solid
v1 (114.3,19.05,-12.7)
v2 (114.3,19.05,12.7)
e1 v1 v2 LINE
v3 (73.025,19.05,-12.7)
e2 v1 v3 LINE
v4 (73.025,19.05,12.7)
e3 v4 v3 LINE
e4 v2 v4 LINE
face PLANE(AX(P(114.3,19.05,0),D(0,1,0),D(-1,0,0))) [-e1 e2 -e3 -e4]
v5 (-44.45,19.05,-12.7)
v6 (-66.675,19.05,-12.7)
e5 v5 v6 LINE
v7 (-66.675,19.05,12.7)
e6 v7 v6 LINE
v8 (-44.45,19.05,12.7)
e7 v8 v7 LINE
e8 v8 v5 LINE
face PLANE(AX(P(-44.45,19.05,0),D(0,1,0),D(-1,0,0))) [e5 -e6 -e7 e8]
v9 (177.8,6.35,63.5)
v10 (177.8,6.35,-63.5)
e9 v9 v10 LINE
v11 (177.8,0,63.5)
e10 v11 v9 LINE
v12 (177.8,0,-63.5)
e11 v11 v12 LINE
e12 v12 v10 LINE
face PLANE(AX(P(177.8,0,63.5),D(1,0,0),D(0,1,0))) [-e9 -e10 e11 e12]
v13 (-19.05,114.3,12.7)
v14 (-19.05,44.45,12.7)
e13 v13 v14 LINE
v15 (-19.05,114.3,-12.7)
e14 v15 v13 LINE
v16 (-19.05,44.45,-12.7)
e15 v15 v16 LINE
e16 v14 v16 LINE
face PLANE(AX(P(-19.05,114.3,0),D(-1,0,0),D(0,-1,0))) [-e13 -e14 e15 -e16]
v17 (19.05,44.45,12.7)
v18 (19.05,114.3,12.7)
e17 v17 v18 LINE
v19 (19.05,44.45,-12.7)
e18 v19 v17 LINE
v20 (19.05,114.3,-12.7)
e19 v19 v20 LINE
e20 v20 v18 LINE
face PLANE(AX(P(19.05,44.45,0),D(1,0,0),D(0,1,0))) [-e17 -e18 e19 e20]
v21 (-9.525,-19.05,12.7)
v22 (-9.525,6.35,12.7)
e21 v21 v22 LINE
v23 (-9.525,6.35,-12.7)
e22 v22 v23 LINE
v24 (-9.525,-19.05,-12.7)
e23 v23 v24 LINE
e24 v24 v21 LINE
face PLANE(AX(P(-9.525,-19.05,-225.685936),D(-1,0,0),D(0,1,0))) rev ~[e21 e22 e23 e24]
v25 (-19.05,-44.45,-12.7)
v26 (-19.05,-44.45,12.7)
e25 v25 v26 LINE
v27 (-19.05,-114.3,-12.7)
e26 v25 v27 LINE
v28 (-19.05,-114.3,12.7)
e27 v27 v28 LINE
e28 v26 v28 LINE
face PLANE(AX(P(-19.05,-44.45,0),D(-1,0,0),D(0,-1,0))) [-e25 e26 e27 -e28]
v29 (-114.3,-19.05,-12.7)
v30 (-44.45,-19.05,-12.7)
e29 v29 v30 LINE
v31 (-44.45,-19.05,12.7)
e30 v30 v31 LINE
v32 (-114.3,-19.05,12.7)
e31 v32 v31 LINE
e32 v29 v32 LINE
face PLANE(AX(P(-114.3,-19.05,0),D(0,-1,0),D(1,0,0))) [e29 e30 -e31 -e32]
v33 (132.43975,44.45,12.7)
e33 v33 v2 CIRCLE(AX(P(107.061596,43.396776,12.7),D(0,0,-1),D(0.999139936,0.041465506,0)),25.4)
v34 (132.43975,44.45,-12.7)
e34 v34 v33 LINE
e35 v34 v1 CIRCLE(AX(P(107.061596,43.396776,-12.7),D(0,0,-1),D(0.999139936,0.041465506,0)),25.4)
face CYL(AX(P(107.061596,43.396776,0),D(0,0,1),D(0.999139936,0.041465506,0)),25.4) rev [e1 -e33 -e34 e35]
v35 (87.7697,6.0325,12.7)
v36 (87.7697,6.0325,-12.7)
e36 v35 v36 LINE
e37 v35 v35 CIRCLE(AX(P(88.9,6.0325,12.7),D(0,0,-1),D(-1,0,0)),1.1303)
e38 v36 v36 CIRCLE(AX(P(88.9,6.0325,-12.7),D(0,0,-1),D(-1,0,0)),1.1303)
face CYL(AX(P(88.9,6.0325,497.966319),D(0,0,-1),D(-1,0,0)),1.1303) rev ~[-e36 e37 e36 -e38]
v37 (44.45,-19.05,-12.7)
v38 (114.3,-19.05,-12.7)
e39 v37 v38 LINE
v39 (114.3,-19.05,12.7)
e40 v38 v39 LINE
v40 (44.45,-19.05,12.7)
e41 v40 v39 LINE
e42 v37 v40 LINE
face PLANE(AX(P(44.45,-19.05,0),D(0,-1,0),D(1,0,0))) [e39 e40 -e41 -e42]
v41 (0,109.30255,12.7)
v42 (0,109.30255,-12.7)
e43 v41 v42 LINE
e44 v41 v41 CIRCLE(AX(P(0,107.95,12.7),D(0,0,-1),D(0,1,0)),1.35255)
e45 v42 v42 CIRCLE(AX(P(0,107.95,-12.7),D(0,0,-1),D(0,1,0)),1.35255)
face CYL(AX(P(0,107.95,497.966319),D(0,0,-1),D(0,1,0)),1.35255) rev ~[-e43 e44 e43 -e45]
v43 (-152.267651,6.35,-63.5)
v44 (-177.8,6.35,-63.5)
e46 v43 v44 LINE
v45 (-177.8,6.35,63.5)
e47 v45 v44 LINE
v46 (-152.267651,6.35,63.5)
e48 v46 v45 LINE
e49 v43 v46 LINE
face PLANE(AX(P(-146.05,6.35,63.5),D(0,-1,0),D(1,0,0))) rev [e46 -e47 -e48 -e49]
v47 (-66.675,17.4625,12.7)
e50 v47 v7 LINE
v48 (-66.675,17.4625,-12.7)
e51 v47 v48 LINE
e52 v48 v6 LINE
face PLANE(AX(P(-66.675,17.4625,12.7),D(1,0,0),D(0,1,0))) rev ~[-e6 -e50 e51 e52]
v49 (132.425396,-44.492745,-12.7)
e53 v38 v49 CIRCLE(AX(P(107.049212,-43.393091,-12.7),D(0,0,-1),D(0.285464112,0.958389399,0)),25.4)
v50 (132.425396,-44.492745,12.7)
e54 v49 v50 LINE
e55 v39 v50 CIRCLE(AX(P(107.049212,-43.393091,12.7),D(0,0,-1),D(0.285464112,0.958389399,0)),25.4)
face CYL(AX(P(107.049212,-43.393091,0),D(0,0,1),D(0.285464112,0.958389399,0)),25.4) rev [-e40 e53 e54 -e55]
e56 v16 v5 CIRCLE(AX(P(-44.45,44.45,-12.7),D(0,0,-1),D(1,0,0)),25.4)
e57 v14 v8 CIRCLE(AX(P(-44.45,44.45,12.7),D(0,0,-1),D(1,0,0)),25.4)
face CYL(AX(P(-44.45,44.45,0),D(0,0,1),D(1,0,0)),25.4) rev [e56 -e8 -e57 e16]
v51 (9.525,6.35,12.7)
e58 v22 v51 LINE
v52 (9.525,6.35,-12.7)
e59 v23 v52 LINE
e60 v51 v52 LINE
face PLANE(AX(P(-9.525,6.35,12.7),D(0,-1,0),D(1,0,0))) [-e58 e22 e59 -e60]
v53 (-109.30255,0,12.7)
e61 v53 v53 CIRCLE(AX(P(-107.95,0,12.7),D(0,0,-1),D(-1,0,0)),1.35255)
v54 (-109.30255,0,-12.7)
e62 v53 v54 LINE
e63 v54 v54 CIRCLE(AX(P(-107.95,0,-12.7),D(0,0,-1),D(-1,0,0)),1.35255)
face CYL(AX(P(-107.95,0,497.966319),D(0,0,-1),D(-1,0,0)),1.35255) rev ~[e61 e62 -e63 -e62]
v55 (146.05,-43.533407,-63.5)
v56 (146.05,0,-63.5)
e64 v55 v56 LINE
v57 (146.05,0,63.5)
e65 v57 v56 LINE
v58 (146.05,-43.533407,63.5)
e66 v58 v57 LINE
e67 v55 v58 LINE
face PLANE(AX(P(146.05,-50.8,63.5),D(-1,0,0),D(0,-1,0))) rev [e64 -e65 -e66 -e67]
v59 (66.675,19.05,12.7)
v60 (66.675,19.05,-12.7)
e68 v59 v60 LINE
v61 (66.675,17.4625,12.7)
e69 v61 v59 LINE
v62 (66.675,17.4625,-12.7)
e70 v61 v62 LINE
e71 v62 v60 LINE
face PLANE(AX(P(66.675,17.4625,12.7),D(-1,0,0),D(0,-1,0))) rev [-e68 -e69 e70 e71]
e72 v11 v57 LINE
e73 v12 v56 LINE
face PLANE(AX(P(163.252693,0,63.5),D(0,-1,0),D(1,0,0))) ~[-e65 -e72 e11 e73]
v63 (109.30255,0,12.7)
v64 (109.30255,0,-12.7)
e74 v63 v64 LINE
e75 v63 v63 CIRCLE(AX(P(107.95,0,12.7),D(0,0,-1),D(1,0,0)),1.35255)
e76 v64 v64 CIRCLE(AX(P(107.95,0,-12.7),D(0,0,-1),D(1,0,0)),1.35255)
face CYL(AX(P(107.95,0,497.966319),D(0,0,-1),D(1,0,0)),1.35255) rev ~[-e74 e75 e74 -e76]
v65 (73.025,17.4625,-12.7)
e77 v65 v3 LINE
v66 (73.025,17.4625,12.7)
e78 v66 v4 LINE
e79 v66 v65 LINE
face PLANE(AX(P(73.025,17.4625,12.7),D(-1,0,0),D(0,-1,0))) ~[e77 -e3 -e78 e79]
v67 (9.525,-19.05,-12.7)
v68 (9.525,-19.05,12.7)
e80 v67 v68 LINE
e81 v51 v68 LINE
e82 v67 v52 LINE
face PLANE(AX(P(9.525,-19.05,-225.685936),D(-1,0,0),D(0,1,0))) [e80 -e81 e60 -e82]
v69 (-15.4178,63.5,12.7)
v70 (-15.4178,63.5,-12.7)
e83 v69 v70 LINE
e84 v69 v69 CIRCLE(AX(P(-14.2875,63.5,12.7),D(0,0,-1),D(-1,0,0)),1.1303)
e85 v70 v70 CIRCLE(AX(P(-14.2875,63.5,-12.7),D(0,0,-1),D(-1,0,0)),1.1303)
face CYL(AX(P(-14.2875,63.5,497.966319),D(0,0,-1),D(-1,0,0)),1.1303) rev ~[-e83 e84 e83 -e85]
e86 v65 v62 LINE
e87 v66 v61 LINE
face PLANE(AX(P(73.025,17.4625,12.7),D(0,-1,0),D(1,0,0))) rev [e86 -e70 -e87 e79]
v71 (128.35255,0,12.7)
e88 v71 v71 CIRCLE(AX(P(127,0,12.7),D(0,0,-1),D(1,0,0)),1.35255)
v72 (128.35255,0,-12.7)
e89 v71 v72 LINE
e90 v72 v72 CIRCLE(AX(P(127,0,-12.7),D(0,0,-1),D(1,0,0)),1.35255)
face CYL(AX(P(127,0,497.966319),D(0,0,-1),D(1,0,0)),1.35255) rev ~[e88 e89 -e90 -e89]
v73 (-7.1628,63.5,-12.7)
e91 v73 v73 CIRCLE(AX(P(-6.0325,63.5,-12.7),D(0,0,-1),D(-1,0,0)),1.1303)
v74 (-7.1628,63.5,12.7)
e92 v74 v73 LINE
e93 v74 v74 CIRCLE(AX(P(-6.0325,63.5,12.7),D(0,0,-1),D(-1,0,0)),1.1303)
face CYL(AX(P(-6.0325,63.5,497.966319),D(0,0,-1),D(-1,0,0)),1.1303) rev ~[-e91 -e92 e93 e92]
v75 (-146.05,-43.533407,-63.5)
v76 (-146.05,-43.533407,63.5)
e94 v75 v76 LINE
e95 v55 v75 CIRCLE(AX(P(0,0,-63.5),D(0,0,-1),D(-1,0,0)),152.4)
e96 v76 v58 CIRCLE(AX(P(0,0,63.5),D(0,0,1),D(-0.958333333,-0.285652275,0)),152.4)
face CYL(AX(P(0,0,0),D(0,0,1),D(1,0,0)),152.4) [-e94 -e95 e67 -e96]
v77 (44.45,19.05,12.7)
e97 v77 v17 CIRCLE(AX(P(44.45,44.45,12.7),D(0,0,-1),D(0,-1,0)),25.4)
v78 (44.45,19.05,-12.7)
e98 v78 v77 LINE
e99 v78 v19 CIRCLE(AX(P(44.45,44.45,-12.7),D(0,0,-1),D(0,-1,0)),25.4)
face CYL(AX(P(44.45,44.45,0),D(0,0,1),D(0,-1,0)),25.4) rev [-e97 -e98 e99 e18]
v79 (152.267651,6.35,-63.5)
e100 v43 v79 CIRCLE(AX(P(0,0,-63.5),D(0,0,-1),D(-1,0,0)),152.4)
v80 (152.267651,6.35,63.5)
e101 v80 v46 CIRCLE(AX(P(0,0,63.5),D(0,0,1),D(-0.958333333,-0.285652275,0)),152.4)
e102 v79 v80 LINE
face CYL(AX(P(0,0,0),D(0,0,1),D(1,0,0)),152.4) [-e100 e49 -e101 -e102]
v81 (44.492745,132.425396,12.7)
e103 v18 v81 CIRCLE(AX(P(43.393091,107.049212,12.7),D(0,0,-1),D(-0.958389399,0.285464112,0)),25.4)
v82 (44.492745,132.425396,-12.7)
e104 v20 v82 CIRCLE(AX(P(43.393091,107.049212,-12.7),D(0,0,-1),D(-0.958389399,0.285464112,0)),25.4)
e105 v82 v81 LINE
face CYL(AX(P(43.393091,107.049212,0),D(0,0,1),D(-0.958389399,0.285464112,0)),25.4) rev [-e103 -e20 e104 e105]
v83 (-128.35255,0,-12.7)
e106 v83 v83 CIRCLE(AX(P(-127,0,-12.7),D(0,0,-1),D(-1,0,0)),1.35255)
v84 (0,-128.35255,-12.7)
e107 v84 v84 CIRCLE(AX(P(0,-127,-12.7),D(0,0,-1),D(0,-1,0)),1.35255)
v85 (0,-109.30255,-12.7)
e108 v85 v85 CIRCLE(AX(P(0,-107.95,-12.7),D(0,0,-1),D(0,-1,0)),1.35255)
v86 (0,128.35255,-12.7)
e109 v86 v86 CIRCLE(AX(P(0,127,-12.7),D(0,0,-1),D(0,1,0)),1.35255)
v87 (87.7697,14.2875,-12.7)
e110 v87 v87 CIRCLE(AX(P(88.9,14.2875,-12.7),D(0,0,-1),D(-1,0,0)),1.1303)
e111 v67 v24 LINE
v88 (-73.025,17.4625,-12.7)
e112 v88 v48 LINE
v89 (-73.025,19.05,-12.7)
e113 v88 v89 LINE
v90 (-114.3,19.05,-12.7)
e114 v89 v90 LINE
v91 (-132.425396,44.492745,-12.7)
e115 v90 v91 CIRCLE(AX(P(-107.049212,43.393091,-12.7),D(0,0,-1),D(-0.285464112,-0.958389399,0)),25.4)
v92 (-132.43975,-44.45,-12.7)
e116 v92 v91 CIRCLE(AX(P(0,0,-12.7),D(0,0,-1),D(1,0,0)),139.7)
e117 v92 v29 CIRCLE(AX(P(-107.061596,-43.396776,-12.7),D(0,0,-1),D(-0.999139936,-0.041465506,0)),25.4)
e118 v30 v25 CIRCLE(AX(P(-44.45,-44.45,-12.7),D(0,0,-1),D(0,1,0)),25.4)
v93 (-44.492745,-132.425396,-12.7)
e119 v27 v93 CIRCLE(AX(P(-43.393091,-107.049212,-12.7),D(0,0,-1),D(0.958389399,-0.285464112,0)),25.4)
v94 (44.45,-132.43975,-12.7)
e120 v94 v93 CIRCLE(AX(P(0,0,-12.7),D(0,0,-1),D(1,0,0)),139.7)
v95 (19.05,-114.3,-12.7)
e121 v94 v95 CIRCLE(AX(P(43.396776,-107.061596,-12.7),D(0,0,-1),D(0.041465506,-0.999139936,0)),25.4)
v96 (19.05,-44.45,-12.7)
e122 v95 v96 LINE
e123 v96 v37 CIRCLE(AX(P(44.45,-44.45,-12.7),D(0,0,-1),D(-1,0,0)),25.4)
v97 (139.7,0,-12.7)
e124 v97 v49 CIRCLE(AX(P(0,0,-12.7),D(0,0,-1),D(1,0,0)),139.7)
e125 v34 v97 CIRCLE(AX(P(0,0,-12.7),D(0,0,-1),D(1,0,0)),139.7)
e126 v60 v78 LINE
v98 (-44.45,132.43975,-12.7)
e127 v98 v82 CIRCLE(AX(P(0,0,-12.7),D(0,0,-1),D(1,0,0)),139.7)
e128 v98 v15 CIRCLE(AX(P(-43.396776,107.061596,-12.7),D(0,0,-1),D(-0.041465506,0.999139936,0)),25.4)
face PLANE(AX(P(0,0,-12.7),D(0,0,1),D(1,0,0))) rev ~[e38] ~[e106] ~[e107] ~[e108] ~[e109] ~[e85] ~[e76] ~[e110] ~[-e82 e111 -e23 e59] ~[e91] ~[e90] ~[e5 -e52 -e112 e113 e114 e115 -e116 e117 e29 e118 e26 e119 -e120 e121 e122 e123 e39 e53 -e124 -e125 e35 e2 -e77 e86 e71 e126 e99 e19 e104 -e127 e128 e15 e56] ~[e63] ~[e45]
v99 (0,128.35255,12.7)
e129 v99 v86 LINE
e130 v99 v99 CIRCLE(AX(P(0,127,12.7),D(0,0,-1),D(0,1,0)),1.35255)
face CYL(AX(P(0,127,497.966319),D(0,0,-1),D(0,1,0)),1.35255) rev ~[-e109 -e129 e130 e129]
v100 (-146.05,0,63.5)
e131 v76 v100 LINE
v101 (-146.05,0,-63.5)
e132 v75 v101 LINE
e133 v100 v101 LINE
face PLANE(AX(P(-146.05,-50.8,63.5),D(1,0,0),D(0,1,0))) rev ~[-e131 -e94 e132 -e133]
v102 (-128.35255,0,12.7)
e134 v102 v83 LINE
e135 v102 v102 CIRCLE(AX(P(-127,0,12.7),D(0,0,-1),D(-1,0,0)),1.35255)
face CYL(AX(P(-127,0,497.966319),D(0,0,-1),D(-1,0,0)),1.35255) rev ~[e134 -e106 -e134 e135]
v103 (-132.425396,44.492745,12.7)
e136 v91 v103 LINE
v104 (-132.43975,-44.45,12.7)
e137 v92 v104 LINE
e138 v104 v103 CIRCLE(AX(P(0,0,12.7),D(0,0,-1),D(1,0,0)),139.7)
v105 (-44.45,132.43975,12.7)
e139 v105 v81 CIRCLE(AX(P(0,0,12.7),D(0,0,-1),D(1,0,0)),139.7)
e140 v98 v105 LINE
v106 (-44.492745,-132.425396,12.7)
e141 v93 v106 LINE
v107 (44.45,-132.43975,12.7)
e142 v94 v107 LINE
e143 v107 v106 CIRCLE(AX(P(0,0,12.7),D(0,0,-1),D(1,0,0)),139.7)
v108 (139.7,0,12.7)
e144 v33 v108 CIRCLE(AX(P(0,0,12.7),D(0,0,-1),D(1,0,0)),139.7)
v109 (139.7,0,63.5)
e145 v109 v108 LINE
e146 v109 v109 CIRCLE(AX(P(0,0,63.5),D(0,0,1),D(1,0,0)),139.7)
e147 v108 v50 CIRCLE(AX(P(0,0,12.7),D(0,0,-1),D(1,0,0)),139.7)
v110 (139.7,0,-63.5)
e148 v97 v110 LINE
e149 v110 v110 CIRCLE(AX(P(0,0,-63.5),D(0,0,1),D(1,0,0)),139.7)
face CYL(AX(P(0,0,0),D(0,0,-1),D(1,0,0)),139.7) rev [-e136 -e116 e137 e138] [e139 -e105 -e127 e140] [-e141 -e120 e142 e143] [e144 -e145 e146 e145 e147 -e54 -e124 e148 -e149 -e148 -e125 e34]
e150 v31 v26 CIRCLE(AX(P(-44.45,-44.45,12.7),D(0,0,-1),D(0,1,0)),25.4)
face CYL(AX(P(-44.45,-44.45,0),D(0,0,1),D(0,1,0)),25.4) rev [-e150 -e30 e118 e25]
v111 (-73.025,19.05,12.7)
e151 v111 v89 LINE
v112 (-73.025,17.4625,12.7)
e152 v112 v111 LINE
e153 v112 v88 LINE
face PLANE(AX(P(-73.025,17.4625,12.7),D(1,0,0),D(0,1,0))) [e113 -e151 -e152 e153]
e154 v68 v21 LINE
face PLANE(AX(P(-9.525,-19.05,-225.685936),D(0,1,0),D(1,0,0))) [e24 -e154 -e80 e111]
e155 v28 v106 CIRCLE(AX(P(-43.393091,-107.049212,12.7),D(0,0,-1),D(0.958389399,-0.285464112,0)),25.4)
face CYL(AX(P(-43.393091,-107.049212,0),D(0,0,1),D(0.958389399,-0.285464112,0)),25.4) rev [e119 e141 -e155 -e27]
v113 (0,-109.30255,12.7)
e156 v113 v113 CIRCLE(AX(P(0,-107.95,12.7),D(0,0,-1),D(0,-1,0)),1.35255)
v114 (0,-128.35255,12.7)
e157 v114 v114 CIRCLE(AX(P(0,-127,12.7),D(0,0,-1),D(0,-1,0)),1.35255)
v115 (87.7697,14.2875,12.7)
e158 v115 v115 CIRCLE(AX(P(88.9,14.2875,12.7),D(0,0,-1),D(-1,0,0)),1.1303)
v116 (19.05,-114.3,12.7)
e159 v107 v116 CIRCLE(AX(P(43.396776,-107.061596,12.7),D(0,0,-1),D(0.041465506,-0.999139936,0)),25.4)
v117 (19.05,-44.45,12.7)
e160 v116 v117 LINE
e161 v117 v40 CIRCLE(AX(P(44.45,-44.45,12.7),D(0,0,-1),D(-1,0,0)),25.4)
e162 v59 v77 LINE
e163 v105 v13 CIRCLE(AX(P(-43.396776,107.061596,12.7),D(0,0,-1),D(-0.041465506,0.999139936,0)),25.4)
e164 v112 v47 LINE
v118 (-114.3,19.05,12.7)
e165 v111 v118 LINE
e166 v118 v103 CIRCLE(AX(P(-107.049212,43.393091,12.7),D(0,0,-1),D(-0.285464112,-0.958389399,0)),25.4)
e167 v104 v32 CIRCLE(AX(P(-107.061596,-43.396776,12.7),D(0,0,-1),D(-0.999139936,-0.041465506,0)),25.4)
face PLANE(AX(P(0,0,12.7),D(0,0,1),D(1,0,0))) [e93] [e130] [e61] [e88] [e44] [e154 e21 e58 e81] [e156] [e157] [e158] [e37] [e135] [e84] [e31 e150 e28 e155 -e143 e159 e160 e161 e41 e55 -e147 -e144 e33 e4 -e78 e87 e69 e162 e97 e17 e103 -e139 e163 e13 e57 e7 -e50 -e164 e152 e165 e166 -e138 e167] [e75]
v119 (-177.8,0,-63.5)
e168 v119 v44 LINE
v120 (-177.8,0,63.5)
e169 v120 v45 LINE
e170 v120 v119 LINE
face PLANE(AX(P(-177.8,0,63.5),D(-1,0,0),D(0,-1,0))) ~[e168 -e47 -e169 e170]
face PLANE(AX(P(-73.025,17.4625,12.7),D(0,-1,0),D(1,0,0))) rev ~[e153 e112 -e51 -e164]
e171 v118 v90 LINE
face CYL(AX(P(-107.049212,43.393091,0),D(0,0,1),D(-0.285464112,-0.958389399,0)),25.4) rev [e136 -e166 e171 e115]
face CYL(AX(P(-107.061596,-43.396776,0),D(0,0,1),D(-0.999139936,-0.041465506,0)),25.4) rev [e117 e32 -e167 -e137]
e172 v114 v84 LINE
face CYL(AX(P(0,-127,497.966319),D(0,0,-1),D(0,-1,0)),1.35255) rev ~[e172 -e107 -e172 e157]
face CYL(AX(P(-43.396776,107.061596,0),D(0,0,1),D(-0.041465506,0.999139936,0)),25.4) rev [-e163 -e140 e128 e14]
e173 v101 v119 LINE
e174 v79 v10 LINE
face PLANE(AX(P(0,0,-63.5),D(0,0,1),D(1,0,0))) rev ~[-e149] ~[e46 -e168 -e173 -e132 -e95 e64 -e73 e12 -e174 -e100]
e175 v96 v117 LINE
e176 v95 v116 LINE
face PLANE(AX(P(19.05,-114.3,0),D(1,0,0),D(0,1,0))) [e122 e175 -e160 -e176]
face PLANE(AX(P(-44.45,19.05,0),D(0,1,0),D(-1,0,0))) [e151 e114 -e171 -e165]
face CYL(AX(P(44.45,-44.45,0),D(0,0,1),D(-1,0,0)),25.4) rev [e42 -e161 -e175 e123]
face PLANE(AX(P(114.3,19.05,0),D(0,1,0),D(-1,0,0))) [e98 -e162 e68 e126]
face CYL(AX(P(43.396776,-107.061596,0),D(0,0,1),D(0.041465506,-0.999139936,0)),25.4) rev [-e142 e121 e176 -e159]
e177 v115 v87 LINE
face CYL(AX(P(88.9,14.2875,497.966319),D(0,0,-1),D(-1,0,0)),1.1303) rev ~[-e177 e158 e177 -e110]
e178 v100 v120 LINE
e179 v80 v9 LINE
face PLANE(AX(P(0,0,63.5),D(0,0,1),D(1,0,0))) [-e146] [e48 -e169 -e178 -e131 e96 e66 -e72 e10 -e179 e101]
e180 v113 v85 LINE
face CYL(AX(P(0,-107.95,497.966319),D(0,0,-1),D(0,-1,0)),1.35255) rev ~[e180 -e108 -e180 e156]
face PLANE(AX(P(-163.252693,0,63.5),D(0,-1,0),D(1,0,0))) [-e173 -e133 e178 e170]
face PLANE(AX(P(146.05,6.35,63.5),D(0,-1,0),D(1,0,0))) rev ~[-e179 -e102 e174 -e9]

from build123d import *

# Parameters (mm, degrees)
SKETCH1_R               = 152.4
SKETCH1_R_2             = 139.7
BOSS_EXTRUDE1_DEPTH     = 63.5
BOSS_EXTRUDE2_DEPTH     = 12.7
CUT_EXTRUDE3_DEPTH      = 225.685936365
CUT_EXTRUDE3_DEPTH_BACK = 225.685936365
SKETCH4_W               = 19.05
SKETCH4_H               = 19.05
SKETCH7_W               = 19.05
SKETCH7_H               = 6.35
CUT_EXTRUDE4_DEPTH      = 229.6
SKETCH8_W               = 17.202693119
SKETCH8_H               = 50.8
CUT_EXTRUDE5_DEPTH      = 251.160988166
SKETCH9_W               = 31.75
SKETCH9_H               = 6.35
BOSS_EXTRUDE3_DEPTH     = 127
SKETCH10_W              = 6.35
SKETCH10_H              = 1.5875
CUT_EXTRUDE6_DEPTH      = 247.262136757
F_4_40_TAPPED_HOLE1_D   = 2.2606
F_6_32_TAPPED_HOLE1_D   = 2.7051
CIRPATTERN1_COUNT       = 4


with BuildPart() as part:
    # Sketch1 → Boss-Extrude1 (new, symmetric)
    with BuildSketch(Plane.XY):
        Circle(SKETCH1_R)
        Circle(SKETCH1_R_2, mode=Mode.SUBTRACT)
    extrude(amount=BOSS_EXTRUDE1_DEPTH, both=True)

    # Sketch2 → Boss-Extrude2 (add, symmetric)
    with BuildSketch(Plane.XY):
        with BuildLine():
            ThreePointArc((-114.3, 19.05), (-127.736482233, 28.655491493), (-132.425396447, 44.492745205))
            Line((-132.425396447, 44.492745205), (-143.350279695, 19.05))
            Line((-143.350279695, 19.05), (-147.191797275, 19.05))
            Line((-147.191797275, 19.05), (-147.191797275, -19.05))
            Line((-147.191797275, -19.05), (-143.95681272, -19.05))
            Line((-143.95681272, -19.05), (-132.439750453, -44.45))
            ThreePointArc((-132.439750453, -44.45), (-127.731621931, -28.635000127), (-114.3, -19.05))
            Line((-114.3, -19.05), (-44.45, -19.05))
            ThreePointArc((-44.45, -19.05), (-26.489487758, -26.489487758), (-19.05, -44.45))
            Line((-19.05, -44.45), (-19.05, -114.3))
            ThreePointArc((-19.05, -114.3), (-28.655491493, -127.736482233), (-44.492745205, -132.425396447))
            Line((-44.492745205, -132.425396447), (-19.05, -143.350279695))
            Line((-19.05, -143.350279695), (-19.05, -143.95681272))
            Line((-19.05, -143.95681272), (19.05, -143.95681272))
            Line((19.05, -143.95681272), (44.45, -132.439750453))
            ThreePointArc((44.45, -132.439750453), (28.635000127, -127.731621931), (19.05, -114.3))
            Line((19.05, -114.3), (19.05, -44.45))
            ThreePointArc((19.05, -44.45), (26.489487758, -26.489487758), (44.45, -19.05))
            Line((44.45, -19.05), (114.3, -19.05))
            ThreePointArc((114.3, -19.05), (127.736482233, -28.655491493), (132.425396447, -44.492745205))
            Line((132.425396447, -44.492745205), (143.350279695, -19.05))
            Line((143.350279695, -19.05), (147.191797275, -19.05))
            Line((147.191797275, -19.05), (147.191797275, 19.05))
            Line((147.191797275, 19.05), (143.95681272, 19.05))
            Line((143.95681272, 19.05), (132.439750453, 44.45))
            ThreePointArc((132.439750453, 44.45), (127.731621931, 28.635000127), (114.3, 19.05))
            Line((114.3, 19.05), (44.45, 19.05))
            ThreePointArc((44.45, 19.05), (26.489487758, 26.489487758), (19.05, 44.45))
            Line((19.05, 44.45), (19.05, 114.3))
            ThreePointArc((19.05, 114.3), (28.655491493, 127.736482233), (44.492745205, 132.425396447))
            Line((44.492745205, 132.425396447), (19.05, 143.350279695))
            Line((19.05, 143.350279695), (19.05, 143.95681272))
            Line((19.05, 143.95681272), (-19.05, 143.95681272))
            Line((-19.05, 143.95681272), (-44.45, 132.439750453))
            ThreePointArc((-44.45, 132.439750453), (-28.635000127, 127.731621931), (-19.05, 114.3))
            Line((-19.05, 114.3), (-19.05, 44.45))
            ThreePointArc((-19.05, 44.45), (-26.489487758, 26.489487758), (-44.45, 19.05))
            Line((-44.45, 19.05), (-114.3, 19.05))
        make_face()
    extrude(amount=BOSS_EXTRUDE2_DEPTH, both=True)

    # Sketch4 → Cut-Extrude3 (cut, two sides: drawn at the far end of the back side and taken through both)
    with BuildSketch(Plane.XY.offset(-CUT_EXTRUDE3_DEPTH_BACK)):
        with Locations((0, -9.525)):
            Rectangle(SKETCH4_W, SKETCH4_H)
    extrude(amount=CUT_EXTRUDE3_DEPTH + CUT_EXTRUDE3_DEPTH_BACK, mode=Mode.SUBTRACT)

    # Sketch7 → Cut-Extrude4 (cut, through all)
    with BuildSketch(Plane.XY.offset(12.7)):
        with Locations((0, 3.175)):
            Rectangle(SKETCH7_W, SKETCH7_H)
    extrude(amount=-CUT_EXTRUDE4_DEPTH, mode=Mode.SUBTRACT)

    # Sketch8 → Cut-Extrude5 (cut, through all)
    with BuildSketch(Plane.XY.offset(63.5)):
        with Locations((-154.65134656, -25.4)):
            Rectangle(SKETCH8_W, SKETCH8_H)
    cut_extrude5 = extrude(amount=-CUT_EXTRUDE5_DEPTH, mode=Mode.SUBTRACT)

    # Mirror1: Cut-Extrude5 across plane
    add(cut_extrude5.mirror(Plane(origin=(0, 0, 0), x_dir=(0, 0, 1), z_dir=(1, 0, 0))), mode=Mode.SUBTRACT)

    # Sketch9 → Boss-Extrude3 (add)
    with BuildSketch(Plane.XY.offset(63.5)):
        with Locations((161.925, 3.175)):
            Rectangle(SKETCH9_W, SKETCH9_H)
    boss_extrude3 = extrude(amount=-BOSS_EXTRUDE3_DEPTH)

    # Mirror2: Boss-Extrude3 across plane
    add(boss_extrude3.mirror(Plane(origin=(0, 0, 0), x_dir=(0, 0, 1), z_dir=(1, 0, 0))))

    # Sketch10 → Cut-Extrude6 (cut, through all)
    with BuildSketch(Plane.XY.offset(12.7)):
        with Locations((-69.85, 18.25625)):
            Rectangle(SKETCH10_W, SKETCH10_H)
    cut_extrude6 = extrude(amount=-CUT_EXTRUDE6_DEPTH, mode=Mode.SUBTRACT)

    # Mirror3: Cut-Extrude6 across plane
    add(cut_extrude6.mirror(Plane(origin=(0, 0, 0), x_dir=(0, 0, 1), z_dir=(1, 0, 0))), mode=Mode.SUBTRACT)

    # #4-40 Tapped Hole1 (through all)
    with Locations(Plane.XY.offset(12.7)):
        with Locations((-14.2875, 63.5), (-6.0325, 63.5), (88.9, 14.2875), (88.9, 6.0325)):
            Hole(F_4_40_TAPPED_HOLE1_D / 2)

    # #6-32 Tapped Hole1 (through all)
    with Locations(Plane.XY.offset(12.7)):
        with Locations((-107.95, 0), (-127, 0)):
            f_6_32_tapped_hole1 = Hole(F_6_32_TAPPED_HOLE1_D / 2)

    # CirPattern1: #6-32 Tapped Hole1 ×4 about axis
    cirpattern1_axis = Axis((0, 0, 0), (0, 0, 1))
    for i in range(1, CIRPATTERN1_COUNT):
        add(f_6_32_tapped_hole1.rotate(cirpattern1_axis, i * 360 / CIRPATTERN1_COUNT), mode=Mode.SUBTRACT)


solid = part.part
